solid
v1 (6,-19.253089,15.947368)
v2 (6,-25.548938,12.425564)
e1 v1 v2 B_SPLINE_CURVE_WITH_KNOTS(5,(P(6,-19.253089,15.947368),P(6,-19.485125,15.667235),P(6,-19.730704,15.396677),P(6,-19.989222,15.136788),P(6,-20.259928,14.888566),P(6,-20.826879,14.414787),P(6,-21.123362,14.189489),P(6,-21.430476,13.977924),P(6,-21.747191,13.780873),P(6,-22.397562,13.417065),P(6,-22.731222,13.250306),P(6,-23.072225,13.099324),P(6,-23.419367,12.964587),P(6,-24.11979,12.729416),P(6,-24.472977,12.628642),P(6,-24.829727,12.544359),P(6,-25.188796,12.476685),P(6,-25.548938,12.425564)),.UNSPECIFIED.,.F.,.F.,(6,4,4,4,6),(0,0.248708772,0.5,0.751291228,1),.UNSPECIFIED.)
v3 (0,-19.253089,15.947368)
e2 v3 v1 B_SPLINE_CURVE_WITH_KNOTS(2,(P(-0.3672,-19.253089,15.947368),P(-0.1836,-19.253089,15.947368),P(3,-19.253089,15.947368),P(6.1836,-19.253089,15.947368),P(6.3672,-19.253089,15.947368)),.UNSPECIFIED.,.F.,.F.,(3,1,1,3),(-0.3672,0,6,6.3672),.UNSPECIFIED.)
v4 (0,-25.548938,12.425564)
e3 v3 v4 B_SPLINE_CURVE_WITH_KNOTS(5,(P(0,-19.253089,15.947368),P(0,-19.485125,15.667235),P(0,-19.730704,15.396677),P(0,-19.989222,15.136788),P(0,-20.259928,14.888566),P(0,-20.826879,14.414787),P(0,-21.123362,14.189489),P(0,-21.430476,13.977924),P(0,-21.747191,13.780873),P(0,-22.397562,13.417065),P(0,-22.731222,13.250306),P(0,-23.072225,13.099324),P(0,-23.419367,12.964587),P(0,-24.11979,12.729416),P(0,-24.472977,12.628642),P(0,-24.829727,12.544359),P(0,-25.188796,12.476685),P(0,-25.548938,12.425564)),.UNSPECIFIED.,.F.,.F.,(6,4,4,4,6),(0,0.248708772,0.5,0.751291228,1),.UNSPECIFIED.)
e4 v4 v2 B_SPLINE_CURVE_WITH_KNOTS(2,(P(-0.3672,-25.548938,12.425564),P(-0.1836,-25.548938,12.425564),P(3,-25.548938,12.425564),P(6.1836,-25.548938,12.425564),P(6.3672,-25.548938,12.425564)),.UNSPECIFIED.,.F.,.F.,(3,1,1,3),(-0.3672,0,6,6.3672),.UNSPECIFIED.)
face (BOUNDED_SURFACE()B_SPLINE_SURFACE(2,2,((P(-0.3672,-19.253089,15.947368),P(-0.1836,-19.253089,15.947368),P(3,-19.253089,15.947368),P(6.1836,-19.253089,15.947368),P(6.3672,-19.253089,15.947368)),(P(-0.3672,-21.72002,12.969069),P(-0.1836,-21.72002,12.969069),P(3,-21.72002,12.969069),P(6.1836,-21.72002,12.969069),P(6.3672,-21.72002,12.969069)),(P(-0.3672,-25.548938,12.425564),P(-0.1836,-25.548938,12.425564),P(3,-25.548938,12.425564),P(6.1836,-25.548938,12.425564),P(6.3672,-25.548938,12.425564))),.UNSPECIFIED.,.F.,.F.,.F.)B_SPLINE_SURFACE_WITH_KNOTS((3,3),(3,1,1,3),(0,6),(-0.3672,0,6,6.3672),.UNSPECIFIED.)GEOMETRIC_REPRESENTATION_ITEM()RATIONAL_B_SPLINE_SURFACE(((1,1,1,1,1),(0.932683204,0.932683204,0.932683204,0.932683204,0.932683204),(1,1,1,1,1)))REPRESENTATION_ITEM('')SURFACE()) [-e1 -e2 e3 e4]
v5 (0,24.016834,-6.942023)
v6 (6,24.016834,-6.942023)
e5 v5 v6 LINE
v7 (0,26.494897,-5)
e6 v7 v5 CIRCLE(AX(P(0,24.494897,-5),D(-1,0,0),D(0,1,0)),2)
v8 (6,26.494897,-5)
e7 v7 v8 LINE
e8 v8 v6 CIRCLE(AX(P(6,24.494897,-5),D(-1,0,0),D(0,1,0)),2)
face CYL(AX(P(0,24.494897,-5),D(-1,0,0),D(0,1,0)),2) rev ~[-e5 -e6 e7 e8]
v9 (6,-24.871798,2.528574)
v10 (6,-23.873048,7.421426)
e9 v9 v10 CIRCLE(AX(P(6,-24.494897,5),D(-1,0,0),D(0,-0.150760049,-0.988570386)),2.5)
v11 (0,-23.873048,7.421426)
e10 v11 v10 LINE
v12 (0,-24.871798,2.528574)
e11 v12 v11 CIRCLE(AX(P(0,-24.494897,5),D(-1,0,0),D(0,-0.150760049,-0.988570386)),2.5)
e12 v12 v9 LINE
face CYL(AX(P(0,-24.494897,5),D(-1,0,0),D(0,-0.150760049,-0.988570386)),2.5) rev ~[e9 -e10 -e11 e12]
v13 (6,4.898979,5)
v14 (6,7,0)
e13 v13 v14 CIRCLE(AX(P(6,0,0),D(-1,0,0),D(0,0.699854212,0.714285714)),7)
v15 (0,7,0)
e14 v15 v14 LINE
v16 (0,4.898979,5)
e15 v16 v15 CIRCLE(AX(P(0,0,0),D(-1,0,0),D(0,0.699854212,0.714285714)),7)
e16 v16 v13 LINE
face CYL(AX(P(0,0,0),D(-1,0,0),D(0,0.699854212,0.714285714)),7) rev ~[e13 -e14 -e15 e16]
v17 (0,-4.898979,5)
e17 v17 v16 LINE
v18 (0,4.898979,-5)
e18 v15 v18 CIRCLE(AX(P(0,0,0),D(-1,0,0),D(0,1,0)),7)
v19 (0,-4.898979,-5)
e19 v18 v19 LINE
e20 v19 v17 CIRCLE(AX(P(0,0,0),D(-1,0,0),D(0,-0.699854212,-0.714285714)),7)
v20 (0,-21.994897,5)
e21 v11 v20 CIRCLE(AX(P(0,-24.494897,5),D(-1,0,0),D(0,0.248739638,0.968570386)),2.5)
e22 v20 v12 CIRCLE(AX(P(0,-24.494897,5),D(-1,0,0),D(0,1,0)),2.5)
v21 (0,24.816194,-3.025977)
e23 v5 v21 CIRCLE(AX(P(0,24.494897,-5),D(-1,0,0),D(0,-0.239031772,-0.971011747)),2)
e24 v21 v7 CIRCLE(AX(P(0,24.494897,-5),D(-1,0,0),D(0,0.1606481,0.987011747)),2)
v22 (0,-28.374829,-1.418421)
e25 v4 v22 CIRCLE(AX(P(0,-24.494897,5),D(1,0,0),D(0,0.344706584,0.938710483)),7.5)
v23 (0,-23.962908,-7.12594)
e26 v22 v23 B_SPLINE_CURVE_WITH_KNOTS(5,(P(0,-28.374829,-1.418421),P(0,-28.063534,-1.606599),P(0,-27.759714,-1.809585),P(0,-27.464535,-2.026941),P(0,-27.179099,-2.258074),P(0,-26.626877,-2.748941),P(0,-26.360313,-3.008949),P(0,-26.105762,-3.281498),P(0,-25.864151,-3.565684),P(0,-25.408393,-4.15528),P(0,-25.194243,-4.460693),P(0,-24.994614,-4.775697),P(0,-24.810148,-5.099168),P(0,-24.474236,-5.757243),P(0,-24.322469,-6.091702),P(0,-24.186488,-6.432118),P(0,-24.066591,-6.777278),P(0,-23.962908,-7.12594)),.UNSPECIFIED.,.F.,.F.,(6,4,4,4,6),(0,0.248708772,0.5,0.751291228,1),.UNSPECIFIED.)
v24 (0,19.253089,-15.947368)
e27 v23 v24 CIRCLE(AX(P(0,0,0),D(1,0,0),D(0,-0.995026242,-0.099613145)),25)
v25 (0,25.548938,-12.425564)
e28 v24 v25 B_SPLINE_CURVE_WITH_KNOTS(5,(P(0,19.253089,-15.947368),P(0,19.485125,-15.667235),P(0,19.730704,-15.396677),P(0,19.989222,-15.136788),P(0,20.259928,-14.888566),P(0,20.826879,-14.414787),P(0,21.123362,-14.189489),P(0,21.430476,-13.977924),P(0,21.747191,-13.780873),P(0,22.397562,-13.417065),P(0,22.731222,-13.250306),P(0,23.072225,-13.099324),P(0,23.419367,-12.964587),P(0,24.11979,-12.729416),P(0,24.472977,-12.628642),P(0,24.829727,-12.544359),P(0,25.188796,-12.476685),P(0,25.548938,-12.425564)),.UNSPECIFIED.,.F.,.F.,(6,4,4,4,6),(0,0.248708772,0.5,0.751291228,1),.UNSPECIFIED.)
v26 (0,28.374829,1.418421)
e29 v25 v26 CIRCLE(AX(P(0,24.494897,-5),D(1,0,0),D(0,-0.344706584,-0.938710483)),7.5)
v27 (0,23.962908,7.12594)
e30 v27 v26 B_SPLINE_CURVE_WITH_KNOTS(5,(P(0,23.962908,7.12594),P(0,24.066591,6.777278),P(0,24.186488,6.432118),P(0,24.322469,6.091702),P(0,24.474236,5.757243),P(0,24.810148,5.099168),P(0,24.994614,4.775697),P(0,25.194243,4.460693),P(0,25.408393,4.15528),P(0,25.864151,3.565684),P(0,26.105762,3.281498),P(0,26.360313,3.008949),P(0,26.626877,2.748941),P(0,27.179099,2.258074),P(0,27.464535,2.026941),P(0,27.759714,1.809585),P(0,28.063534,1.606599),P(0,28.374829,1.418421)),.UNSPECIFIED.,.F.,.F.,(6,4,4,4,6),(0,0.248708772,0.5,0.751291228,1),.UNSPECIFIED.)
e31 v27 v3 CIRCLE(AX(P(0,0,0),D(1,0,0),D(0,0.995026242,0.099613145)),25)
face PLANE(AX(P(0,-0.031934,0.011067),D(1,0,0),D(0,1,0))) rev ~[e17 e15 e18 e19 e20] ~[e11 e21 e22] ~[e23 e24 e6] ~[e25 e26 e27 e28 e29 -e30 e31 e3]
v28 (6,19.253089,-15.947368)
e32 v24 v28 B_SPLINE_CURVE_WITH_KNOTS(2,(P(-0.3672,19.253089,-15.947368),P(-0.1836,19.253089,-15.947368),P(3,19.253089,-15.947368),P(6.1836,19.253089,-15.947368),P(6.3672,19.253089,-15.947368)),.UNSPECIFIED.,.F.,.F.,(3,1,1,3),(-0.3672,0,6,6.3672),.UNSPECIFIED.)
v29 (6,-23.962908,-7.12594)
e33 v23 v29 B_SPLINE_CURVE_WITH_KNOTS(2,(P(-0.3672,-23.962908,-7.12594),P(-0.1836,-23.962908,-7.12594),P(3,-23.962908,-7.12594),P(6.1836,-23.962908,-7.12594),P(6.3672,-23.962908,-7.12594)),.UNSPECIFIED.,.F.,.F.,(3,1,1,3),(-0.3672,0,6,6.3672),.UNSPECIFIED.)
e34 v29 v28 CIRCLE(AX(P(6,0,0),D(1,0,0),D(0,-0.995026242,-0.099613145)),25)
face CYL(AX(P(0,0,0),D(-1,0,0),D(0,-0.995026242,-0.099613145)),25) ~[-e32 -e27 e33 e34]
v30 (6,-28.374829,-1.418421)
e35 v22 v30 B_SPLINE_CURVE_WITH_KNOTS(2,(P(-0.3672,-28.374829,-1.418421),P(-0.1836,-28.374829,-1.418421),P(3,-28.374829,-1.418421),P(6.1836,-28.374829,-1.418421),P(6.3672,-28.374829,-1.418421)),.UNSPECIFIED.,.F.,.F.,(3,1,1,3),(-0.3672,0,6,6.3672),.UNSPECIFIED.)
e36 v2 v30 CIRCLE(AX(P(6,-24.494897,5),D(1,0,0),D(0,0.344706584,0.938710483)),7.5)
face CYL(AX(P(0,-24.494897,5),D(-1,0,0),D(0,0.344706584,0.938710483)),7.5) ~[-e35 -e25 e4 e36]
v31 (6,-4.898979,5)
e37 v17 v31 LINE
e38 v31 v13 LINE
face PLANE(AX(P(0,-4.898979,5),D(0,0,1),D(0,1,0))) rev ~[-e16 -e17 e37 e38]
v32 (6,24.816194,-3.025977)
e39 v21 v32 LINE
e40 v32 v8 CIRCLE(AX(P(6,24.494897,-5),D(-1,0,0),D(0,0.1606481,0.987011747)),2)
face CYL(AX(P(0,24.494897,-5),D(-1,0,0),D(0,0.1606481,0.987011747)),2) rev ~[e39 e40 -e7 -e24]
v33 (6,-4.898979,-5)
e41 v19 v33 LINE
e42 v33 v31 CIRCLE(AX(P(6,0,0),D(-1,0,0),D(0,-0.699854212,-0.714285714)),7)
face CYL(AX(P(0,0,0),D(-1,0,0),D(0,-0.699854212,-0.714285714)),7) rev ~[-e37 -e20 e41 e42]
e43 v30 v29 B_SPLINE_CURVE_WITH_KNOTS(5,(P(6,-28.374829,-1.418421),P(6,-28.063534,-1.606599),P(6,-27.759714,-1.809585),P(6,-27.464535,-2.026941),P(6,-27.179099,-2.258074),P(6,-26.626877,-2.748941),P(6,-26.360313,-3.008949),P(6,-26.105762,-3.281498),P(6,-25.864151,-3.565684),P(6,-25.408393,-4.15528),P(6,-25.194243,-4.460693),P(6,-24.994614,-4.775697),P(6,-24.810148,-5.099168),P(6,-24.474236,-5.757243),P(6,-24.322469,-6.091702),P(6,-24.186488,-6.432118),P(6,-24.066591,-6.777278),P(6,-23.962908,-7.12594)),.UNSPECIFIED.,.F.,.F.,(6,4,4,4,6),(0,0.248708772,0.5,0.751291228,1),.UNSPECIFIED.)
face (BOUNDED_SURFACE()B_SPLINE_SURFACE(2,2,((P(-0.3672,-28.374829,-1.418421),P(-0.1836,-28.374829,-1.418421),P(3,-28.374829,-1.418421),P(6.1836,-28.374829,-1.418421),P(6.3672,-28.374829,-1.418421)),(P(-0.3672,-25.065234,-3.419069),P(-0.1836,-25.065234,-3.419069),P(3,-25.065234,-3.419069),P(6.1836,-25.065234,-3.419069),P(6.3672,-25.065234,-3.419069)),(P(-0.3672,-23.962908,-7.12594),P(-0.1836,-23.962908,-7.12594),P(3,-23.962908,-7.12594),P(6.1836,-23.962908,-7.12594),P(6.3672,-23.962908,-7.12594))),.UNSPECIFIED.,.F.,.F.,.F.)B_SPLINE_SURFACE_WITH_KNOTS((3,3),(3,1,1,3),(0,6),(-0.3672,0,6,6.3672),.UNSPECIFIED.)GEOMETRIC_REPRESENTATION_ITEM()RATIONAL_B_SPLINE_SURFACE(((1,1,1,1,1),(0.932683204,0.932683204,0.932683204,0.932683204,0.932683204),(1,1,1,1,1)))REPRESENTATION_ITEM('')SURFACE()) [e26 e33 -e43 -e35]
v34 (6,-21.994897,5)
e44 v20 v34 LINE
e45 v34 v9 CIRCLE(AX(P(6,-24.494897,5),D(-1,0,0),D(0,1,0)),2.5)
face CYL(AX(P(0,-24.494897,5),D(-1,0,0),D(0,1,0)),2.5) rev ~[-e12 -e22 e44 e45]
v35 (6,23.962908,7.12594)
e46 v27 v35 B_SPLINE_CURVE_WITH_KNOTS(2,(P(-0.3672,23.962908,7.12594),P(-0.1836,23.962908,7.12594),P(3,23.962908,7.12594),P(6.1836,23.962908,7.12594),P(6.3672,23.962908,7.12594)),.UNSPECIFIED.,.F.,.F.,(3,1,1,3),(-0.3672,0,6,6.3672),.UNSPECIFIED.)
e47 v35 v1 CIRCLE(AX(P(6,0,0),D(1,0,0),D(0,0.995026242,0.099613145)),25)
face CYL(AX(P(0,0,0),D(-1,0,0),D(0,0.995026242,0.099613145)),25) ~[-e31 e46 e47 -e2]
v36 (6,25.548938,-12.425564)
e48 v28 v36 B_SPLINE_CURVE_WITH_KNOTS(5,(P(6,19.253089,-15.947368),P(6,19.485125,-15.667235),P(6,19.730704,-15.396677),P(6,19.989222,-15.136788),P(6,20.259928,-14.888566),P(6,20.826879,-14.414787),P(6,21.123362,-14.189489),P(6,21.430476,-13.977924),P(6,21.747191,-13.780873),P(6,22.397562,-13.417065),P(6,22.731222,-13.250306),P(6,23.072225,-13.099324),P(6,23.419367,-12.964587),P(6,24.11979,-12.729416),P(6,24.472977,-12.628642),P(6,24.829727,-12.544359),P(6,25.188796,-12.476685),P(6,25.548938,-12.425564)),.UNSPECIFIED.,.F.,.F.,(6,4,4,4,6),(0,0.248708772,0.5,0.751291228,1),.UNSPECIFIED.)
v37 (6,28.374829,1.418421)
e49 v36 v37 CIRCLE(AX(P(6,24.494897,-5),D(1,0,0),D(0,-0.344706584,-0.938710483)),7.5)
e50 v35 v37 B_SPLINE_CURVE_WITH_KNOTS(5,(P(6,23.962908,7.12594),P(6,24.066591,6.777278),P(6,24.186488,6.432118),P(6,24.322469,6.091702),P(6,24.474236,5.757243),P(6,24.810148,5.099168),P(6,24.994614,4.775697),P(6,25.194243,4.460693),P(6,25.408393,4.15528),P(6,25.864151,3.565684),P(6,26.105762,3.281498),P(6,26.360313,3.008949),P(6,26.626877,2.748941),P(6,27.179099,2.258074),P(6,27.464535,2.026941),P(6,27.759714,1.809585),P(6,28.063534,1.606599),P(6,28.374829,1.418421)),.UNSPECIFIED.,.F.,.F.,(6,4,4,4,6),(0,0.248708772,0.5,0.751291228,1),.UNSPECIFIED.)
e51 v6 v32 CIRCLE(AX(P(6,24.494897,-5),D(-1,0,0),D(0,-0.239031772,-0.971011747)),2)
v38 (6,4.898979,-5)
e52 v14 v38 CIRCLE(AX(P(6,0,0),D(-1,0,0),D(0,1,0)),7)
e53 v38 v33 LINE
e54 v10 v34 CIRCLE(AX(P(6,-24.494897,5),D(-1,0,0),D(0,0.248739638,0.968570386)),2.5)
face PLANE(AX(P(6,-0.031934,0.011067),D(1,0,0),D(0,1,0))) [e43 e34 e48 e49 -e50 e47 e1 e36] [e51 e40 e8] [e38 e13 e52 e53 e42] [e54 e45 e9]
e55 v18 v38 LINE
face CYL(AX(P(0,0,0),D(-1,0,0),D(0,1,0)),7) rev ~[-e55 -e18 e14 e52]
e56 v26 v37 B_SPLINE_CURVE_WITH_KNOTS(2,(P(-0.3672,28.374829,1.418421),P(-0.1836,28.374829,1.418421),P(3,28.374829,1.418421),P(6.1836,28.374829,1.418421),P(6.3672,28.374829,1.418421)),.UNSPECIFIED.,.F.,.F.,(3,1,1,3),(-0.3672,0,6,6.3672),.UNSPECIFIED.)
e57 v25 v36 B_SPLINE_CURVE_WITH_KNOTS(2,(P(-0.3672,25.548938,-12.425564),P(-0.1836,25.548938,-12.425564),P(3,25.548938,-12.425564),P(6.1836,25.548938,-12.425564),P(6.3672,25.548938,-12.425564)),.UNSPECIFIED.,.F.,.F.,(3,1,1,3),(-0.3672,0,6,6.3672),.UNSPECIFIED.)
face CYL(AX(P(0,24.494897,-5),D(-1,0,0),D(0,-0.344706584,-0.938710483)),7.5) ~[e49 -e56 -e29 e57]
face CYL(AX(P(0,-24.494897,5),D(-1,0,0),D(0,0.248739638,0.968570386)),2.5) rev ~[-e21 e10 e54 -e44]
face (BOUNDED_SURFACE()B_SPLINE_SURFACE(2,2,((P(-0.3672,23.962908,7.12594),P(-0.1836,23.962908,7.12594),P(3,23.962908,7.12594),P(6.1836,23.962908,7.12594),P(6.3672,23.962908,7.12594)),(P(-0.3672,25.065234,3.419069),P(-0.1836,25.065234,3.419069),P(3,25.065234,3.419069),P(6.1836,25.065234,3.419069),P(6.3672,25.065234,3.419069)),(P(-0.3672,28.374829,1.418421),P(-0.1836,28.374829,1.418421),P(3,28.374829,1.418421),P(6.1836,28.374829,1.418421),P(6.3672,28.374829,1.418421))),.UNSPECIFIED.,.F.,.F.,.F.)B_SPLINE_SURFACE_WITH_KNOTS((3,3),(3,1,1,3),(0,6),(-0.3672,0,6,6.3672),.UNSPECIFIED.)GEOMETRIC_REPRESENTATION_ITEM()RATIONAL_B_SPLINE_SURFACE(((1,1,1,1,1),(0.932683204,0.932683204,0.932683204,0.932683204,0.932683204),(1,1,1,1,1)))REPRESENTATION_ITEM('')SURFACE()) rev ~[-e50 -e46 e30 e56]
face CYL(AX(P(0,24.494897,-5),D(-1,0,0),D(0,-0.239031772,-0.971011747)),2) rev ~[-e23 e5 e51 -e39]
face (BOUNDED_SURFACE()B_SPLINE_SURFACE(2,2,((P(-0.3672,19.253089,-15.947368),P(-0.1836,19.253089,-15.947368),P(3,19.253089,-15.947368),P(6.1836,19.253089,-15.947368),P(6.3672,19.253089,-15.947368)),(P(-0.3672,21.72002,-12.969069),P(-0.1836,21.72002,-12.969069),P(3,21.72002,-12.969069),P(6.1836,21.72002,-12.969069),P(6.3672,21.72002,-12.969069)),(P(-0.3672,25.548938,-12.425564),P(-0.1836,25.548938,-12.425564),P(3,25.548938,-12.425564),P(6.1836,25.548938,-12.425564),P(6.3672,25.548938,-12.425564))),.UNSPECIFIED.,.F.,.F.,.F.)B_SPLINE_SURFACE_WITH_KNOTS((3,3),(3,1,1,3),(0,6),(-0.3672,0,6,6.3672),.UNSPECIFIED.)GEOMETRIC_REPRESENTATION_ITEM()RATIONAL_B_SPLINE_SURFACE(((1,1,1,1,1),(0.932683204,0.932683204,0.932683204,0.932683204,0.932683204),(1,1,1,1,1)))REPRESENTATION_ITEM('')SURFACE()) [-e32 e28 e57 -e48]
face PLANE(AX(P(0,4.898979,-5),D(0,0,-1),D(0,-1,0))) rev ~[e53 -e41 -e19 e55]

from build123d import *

# Parameters (mm, degrees)
F1_DEPTH = 6
F2_R     = 10


with BuildPart() as f1:
    # F0 (on Right) → F1 (new body)
    with BuildSketch(Plane.YZ):
        with BuildLine():
            ThreePointArc((21.9095980486, -12.040328623), (17.1464281995, -3.5), (24.8756560386, 2.490328623))
            ThreePointArc((24.8756560386, 2.490328623), (5, 24.4948974278), (-21.9095980486, 12.040328623))
            ThreePointArc((-21.9095980486, 12.040328623), (-18.3451110354, 9.2930324163), (-16.9948974278, 5))
            ThreePointArc((-16.9948974278, 5), (-19.3279684357, -0.4362528262), (-24.8756560386, -2.490328623))
            ThreePointArc((-24.8756560386, -2.490328623), (-5, -24.4948974278), (21.9095980486, -12.040328623))
        make_face()
        with BuildLine():
            ThreePointArc((4.8989794856, 5), (6.4534043883, 2.7117470016), (7, 0))
            ThreePointArc((7, 0), (6.4534043883, -2.7117470016), (4.8989794856, -5))
            ThreePointArc((4.8989794856, -5), (0, -7), (-4.8989794856, -5))
            ThreePointArc((-4.8989794856, -5), (-7, 0), (-4.8989794856, 5))
            ThreePointArc((-4.8989794856, 5), (0, 7), (4.8989794856, 5))
        make_face(mode=Mode.SUBTRACT)
        with BuildLine():
            ThreePointArc((-16.9948974278, 5), (-18.3451110354, 9.2930324163), (-21.9095980486, 12.040328623))
            ThreePointArc((-21.9095980486, 12.040328623), (-23.007525787, 9.7802738796), (-23.8730483318, 7.4214259645))
            ThreePointArc((-23.8730483318, 7.4214259645), (-22.5194705448, 6.5322169004), (-21.9948974278, 5))
            ThreePointArc((-21.9948974278, 5), (-22.8658256529, 3.1036547909), (-24.8717975496, 2.5285740355))
            ThreePointArc((-24.8717975496, 2.5285740355), (-24.999992612, 0.0192197783), (-24.8756560386, -2.490328623))
            ThreePointArc((-24.8756560386, -2.490328623), (-19.3279684357, -0.4362528262), (-16.9948974278, 5))
        make_face()
        with BuildLine():
            ThreePointArc((-23.8730483318, 7.4214259645), (-23.007525787, 9.7802738796), (-21.9095980486, 12.040328623))
            ThreePointArc((-21.9095980486, 12.040328623), (-31.8433666562, 6.5), (-24.8756560386, -2.490328623))
            ThreePointArc((-24.8756560386, -2.490328623), (-24.999992612, 0.0192197783), (-24.8717975496, 2.5285740355))
            ThreePointArc((-24.8717975496, 2.5285740355), (-26.9443871706, 5.5), (-23.8730483318, 7.4214259645))
        make_face()
        with BuildLine():
            ThreePointArc((-4.8989794856, -5), (0, -7), (4.8989794856, -5))
            Line((4.8989794856, -5), (-4.8989794856, -5))
        make_face()
        with BuildLine():
            Line((-4.8989794856, 5), (4.8989794856, 5))
            ThreePointArc((4.8989794856, 5), (0, 7), (-4.8989794856, 5))
        make_face()
        with BuildLine():
            ThreePointArc((24.8756560386, 2.490328623), (24.9688946588, 1.2467154919), (25, 0))
            ThreePointArc((25, 0), (24.9540060982, -1.5157769132), (24.816193628, -3.0259765068))
            ThreePointArc((24.816193628, -3.0259765068), (26.0184774881, -3.7043519769), (26.4948974278, -5))
            ThreePointArc((26.4948974278, -5), (25.7285653152, -6.5741866292), (24.0168338842, -6.9420234932))
            ThreePointArc((24.0168338842, -6.9420234932), (23.1042737674, -9.549478189), (21.9095980486, -12.040328623))
            ThreePointArc((21.9095980486, -12.040328623), (28.7879298442, -11.1497863924), (31.9948974278, -5))
            ThreePointArc((31.9948974278, -5), (29.931150254, 0.1669289921), (24.8756560386, 2.490328623))
        make_face()
        with BuildLine():
            ThreePointArc((24.816193628, -3.0259765068), (24.9540060982, -1.5157769132), (25, 0))
            ThreePointArc((25, 0), (24.9688946588, 1.2467154919), (24.8756560386, 2.490328623))
            ThreePointArc((24.8756560386, 2.490328623), (17.1464281995, -3.5), (21.9095980486, -12.040328623))
            ThreePointArc((21.9095980486, -12.040328623), (23.1042737674, -9.549478189), (24.0168338842, -6.9420234932))
            ThreePointArc((24.0168338842, -6.9420234932), (22.5353056336, -4.6), (24.816193628, -3.0259765068))
        make_face()
    extrude(amount=F1_DEPTH)

    # F2
    f2_edges = [f1.edges().sort_by_distance(p)[0] for p in [
        (3, 24.875656, 2.490329),
        (3, 21.909598, -12.040329),
        (3, -21.909598, 12.040329),
        (3, -24.875656, -2.490329),
    ]]
    fillet(f2_edges, radius=F2_R)


solid = f1.part
